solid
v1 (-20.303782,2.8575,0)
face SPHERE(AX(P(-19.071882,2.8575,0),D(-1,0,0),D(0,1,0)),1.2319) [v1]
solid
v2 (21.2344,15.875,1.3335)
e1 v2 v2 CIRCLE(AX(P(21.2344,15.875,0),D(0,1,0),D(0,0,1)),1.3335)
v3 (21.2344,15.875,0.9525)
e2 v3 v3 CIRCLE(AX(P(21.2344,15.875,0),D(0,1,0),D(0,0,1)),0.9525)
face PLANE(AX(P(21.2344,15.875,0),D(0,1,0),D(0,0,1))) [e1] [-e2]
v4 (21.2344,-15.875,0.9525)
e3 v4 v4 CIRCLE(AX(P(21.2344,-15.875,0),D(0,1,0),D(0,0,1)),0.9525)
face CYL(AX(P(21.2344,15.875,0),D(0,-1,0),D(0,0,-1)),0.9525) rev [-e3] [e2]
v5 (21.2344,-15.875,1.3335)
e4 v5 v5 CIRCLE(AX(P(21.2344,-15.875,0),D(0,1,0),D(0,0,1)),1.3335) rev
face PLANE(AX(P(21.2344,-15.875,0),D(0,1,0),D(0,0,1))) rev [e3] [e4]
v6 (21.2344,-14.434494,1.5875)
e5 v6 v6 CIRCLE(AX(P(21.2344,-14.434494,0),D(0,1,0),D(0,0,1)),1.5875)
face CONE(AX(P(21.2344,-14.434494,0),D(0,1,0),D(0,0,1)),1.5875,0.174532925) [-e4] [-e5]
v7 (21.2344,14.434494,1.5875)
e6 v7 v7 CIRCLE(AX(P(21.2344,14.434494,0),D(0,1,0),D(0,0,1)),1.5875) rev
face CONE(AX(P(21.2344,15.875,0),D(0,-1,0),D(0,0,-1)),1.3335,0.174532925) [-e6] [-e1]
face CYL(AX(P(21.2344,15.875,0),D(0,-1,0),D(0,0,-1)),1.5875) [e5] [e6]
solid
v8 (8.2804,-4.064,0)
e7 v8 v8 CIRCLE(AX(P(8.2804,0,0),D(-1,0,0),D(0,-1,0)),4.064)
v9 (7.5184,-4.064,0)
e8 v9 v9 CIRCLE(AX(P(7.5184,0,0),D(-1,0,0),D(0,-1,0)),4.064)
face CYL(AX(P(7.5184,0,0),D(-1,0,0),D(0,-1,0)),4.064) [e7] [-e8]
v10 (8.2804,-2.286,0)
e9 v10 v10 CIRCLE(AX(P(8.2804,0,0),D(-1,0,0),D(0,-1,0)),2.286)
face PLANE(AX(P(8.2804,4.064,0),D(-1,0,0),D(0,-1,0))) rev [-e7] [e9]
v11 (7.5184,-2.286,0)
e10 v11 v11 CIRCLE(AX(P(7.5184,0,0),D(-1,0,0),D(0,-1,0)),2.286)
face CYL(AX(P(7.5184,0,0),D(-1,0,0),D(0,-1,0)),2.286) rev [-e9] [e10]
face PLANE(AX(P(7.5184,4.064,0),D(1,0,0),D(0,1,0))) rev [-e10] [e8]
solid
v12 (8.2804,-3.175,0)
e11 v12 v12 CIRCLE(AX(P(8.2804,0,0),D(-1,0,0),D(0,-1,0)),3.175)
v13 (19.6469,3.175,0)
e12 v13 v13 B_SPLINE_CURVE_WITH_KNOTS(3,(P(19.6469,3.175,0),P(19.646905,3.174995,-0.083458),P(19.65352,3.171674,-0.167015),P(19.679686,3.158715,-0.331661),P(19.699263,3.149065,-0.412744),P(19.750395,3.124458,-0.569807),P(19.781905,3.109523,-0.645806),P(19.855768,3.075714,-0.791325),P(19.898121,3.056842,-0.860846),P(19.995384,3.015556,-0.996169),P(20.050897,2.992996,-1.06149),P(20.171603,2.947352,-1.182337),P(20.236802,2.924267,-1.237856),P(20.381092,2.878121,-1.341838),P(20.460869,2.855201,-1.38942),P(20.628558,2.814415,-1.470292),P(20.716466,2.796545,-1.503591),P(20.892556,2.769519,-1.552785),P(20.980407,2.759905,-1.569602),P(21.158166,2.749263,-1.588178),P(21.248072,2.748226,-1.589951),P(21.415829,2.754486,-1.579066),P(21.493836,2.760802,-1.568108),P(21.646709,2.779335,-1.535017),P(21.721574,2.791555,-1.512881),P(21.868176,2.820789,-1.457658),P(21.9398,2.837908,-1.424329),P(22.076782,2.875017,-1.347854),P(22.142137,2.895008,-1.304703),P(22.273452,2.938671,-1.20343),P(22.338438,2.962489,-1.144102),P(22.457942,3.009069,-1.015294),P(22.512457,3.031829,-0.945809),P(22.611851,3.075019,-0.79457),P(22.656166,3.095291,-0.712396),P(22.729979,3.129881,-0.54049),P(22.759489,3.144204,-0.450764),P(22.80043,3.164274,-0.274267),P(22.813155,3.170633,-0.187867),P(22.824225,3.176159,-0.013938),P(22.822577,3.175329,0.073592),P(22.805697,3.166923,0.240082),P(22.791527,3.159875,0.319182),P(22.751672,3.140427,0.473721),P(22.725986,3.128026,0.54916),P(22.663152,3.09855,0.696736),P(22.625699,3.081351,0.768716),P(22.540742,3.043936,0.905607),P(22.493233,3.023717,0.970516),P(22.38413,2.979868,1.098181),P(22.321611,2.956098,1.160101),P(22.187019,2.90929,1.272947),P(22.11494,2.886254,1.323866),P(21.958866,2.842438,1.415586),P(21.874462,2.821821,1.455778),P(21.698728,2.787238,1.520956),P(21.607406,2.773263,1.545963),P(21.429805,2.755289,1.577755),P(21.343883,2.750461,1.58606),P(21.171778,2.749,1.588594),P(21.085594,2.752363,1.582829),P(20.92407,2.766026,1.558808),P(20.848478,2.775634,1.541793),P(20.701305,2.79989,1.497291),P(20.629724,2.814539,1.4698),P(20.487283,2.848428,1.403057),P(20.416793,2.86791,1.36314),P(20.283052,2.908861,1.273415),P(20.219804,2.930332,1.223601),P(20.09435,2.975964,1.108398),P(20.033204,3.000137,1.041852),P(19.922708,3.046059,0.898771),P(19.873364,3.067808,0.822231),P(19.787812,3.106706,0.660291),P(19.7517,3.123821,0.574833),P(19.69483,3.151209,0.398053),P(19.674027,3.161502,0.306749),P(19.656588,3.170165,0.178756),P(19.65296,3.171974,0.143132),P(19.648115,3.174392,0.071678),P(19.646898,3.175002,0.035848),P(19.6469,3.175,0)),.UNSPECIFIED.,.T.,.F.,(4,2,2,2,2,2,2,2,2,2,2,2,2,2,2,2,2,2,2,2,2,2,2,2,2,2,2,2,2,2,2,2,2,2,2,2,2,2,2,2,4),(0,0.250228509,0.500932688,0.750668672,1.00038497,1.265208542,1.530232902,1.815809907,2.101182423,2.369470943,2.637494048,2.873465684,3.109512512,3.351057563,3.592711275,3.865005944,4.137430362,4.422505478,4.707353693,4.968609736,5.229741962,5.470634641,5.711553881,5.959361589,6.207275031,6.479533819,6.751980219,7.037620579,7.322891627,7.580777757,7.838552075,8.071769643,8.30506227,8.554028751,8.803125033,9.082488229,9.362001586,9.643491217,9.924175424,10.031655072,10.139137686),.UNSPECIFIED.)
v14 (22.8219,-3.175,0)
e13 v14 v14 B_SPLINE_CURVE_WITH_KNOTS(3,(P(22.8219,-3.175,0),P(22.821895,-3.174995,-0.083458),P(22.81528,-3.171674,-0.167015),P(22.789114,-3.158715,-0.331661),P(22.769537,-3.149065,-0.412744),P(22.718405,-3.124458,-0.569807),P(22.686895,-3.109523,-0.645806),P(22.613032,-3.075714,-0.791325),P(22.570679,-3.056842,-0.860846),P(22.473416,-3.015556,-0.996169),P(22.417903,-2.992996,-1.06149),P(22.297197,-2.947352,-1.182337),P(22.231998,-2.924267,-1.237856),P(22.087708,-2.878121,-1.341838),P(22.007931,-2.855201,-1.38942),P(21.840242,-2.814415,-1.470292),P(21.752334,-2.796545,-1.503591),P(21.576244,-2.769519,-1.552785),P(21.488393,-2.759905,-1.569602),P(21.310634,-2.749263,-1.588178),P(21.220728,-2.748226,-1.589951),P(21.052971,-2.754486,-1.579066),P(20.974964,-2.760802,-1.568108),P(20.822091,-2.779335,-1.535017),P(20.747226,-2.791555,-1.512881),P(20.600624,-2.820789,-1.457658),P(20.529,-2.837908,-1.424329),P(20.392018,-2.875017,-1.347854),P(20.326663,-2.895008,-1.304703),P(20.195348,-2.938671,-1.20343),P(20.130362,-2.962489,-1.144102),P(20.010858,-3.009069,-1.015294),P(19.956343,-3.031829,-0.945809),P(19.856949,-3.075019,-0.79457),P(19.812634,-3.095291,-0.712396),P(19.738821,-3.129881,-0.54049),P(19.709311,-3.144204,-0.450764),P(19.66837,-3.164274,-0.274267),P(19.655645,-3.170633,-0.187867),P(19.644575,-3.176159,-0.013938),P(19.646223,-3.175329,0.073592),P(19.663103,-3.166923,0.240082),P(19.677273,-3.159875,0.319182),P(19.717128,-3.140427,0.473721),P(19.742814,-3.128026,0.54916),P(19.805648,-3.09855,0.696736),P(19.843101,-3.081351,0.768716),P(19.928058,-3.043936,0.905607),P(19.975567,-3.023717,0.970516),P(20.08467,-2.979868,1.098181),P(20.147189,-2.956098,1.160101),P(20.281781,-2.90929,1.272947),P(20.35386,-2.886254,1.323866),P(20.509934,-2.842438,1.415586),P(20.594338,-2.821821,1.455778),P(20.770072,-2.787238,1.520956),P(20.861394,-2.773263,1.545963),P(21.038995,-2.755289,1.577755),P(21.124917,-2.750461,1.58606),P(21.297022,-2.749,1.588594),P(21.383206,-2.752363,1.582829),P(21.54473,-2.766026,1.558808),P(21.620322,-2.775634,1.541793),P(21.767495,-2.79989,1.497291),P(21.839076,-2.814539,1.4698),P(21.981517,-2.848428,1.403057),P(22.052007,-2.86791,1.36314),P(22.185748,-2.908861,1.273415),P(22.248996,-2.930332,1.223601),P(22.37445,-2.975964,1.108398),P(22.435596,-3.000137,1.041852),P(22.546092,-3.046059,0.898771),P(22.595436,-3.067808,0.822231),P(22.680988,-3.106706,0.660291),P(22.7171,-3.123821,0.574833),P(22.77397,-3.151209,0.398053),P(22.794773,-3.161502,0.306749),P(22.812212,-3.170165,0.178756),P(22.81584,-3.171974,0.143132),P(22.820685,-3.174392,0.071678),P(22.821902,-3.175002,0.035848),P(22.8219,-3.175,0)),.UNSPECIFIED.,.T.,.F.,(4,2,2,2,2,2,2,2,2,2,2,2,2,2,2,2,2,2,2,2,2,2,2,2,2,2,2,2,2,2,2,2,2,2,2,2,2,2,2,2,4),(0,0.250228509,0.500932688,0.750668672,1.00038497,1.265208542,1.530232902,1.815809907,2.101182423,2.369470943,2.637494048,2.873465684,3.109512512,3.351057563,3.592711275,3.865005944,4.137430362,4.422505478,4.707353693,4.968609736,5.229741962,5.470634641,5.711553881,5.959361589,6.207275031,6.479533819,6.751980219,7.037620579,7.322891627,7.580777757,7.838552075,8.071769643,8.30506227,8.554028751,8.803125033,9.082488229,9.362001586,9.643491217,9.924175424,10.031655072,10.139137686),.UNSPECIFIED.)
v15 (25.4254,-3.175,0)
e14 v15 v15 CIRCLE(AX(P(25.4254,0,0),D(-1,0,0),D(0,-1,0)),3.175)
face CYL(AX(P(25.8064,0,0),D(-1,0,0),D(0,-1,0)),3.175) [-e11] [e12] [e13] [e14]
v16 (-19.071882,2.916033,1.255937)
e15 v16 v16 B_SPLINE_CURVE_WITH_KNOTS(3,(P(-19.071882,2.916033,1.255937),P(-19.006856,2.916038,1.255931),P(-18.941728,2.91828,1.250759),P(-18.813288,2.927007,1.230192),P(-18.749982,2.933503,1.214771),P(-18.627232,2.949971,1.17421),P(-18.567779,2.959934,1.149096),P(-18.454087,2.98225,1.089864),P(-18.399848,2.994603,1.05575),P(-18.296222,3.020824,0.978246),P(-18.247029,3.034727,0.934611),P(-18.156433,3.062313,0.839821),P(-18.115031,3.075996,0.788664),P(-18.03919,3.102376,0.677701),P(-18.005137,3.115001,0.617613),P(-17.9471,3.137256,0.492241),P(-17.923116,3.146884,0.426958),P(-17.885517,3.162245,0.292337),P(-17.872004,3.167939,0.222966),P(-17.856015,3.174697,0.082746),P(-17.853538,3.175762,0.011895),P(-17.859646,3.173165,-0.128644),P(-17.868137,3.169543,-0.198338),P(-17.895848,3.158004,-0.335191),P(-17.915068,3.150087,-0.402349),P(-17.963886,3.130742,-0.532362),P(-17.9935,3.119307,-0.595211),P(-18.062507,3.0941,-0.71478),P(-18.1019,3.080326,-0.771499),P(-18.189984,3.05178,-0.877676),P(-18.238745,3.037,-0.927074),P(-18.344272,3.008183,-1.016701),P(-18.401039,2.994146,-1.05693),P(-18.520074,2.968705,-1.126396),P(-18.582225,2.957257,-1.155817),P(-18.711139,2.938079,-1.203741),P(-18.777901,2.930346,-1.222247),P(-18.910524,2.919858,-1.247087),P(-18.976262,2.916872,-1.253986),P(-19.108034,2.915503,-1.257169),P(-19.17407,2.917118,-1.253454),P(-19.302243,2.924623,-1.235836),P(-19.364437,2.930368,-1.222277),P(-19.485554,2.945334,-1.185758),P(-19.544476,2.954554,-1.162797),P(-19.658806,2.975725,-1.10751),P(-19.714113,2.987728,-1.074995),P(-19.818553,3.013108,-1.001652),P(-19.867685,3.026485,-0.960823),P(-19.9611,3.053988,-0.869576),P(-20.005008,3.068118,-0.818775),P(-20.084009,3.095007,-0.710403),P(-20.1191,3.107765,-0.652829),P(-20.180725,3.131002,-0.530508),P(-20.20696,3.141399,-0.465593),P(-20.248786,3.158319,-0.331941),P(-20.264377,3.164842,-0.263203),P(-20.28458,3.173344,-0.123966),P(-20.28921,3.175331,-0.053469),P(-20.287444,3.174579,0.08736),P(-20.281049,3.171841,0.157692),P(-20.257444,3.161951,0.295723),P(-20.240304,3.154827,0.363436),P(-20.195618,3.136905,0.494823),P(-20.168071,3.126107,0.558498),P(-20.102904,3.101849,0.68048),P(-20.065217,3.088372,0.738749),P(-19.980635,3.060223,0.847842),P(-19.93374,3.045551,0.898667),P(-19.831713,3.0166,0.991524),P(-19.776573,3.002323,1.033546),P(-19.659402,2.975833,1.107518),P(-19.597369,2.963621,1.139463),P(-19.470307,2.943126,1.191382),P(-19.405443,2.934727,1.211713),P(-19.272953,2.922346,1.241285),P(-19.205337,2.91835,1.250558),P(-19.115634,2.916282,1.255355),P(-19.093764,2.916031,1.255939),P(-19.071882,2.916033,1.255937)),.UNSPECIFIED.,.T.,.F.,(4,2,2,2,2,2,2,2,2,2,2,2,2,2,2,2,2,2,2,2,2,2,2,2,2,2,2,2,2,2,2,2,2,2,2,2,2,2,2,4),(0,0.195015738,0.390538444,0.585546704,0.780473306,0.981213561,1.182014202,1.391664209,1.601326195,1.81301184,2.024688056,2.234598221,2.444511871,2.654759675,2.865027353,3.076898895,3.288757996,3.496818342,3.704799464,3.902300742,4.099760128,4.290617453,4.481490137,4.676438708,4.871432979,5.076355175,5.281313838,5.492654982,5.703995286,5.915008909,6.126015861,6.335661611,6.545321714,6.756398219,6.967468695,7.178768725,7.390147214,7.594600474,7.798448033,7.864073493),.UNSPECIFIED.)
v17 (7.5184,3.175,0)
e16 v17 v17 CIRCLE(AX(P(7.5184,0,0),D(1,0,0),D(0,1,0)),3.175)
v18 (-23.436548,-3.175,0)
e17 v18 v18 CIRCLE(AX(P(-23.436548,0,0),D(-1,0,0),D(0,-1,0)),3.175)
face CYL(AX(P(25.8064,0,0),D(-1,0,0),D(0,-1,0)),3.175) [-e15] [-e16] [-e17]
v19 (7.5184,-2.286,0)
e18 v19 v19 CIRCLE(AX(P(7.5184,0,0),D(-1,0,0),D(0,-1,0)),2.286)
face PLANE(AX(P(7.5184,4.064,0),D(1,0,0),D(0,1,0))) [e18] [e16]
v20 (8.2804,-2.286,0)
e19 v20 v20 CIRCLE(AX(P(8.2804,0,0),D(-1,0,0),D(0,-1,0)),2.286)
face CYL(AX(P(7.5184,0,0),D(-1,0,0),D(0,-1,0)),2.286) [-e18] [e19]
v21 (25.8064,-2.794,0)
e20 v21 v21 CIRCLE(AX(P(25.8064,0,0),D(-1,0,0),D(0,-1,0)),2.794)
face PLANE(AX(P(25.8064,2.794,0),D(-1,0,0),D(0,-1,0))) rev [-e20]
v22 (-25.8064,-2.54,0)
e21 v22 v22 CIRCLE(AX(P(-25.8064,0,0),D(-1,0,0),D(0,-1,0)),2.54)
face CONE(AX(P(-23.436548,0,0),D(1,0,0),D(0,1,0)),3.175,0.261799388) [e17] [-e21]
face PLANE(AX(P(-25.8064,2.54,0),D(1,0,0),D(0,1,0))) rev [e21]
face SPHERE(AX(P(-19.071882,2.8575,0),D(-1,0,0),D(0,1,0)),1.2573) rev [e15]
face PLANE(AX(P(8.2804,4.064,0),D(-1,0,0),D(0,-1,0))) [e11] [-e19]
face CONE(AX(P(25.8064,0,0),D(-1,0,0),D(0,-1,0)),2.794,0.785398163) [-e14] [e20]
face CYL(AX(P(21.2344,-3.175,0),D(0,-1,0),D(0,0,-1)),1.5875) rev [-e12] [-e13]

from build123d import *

# Parameters (mm, degrees)
SKETCH4_W      = 1.5875
SKETCH4_H      = 6.35
SKETCH5_W      = 0.762
SKETCH5_H      = 1.778
SKETCH5_2_W    = 0.762
SKETCH5_2_H    = 1.778
SKETCH6_R      = 1.5875
SKETCH6_R_2    = 0.9525
EXTRUDE1_DEPTH = 15.875
CHAMFER1_SIZE  = 0.254
CHAMFER1_SIZE2 = 1.440505582
CHAMFER2_SIZE  = 0.254
CHAMFER2_SIZE2 = 1.440505582


with BuildPart() as part:
    # Sketch1 → Revolve1 (revolve)
    with BuildSketch(Plane.XY, mode=Mode.PRIVATE) as revolve1_sk:
        Polygon((25.8064, 2.794), (25.4254, 3.175), (-23.436547737, 3.175), (-25.8064, 2.54), (-25.8064, 0), (25.8064, 0), align=None)
    revolve(revolve1_sk.sketch.rotate(Axis((25.8064, 0, 0), (1, 0, 0)), 180), axis=Axis((25.8064, 0, 0), (1, 0, 0)))  # turned: the seam where the file's is

    # Sketch2 → Cut-Revolve1 (revolve, cut)
    with BuildSketch(Plane.XY):
        with BuildLine():
            Line((-17.814582051, 2.8575), (-20.329182051, 2.8575))
            ThreePointArc((-20.329182051, 2.8575), (-19.071882051, 4.1148), (-17.814582051, 2.8575))
        make_face()
    revolve(axis=Axis((-17.814582051, 2.8575, 0), (1, 0, 0)), mode=Mode.SUBTRACT)

    # Sketch4 → Cut-Revolve2 (revolve, cut)
    with BuildSketch(Plane.XY, mode=Mode.PRIVATE) as cut_revolve2_sk:
        with Locations((22.02815, 0)):
            Rectangle(SKETCH4_W, SKETCH4_H)
    revolve(cut_revolve2_sk.sketch.rotate(Axis((21.2344, -3.175, 0), (0, 1, 0)), 180), axis=Axis((21.2344, -3.175, 0), (0, 1, 0)), mode=Mode.SUBTRACT)  # turned: the seam where the file's is

    # Sketch5 → Cut-Revolve3 (revolve, cut)
    with BuildSketch(Plane.XY, mode=Mode.PRIVATE) as cut_revolve3_sk:
        with Locations((7.8994, 3.175)):
            Rectangle(SKETCH5_W, SKETCH5_H)
    revolve(cut_revolve3_sk.sketch.rotate(Axis((7.5184, 0, 0), (1, 0, 0)), 180), axis=Axis((7.5184, 0, 0), (1, 0, 0)), mode=Mode.SUBTRACT)  # turned: the seam where the file's is


with BuildPart() as body_2:
    # Sketch3 → Revolve2 (revolve)
    with BuildSketch(Plane.XY):
        with BuildLine():
            Line((-17.839982051, 2.8575), (-20.303782051, 2.8575))
            ThreePointArc((-20.303782051, 2.8575), (-19.071882051, 4.0894), (-17.839982051, 2.8575))
        make_face()
    revolve(axis=Axis((-17.839982051, 2.8575, 0), (1, 0, 0)))


with BuildPart() as body_3:
    # Sketch5_2 → Revolve3 (revolve)
    with BuildSketch(Plane.XY, mode=Mode.PRIVATE) as revolve3_sk:
        with Locations((7.8994, 3.175)):
            Rectangle(SKETCH5_2_W, SKETCH5_2_H)
    revolve(revolve3_sk.sketch.rotate(Axis((7.5184, 0, 0), (1, 0, 0)), 180), axis=Axis((7.5184, 0, 0), (1, 0, 0)))  # turned: the seam where the file's is


with BuildPart() as body_4:
    # Sketch6 → Extrude1 (new body, symmetric)
    with BuildSketch(Plane(origin=(0, 0, 0), x_dir=(1, 0, 0), z_dir=(0, 1, 0))):
        with Locations(Location((21.2344, 0, 0), (0, 0, 270))):  # turned: the seam where the file's is
            Circle(SKETCH6_R)
        with Locations(Location((21.2344, 0, 0), (0, 0, 270))):  # turned: the seam where the file's is
            Circle(SKETCH6_R_2, mode=Mode.SUBTRACT)
    extrude(amount=EXTRUDE1_DEPTH, both=True)

    # Chamfer1
    chamfer1_edges = [body_4.edges().sort_by_distance(p)[0] for p in [
        (21.2344, 15.875, -1.5875),
    ]]
    chamfer1_side = [body_4.faces().sort_by_distance(p)[0] for p in [
        (21.2344, 15.875, -1.542598719),
    ]]
    chamfer(chamfer1_edges, length=CHAMFER1_SIZE, length2=CHAMFER1_SIZE2, reference=chamfer1_side[0])

    # Chamfer2
    chamfer2_edges = [body_4.edges().sort_by_distance(p)[0] for p in [
        (21.2344, -15.875, -1.5875),
    ]]
    chamfer2_side = [body_4.faces().sort_by_distance(p)[0] for p in [
        (21.2344, -15.875, -1.542598719),
    ]]
    chamfer(chamfer2_edges, length=CHAMFER2_SIZE, length2=CHAMFER2_SIZE2, reference=chamfer2_side[0])


solid = Compound([part.part, body_2.part, body_3.part, body_4.part])
